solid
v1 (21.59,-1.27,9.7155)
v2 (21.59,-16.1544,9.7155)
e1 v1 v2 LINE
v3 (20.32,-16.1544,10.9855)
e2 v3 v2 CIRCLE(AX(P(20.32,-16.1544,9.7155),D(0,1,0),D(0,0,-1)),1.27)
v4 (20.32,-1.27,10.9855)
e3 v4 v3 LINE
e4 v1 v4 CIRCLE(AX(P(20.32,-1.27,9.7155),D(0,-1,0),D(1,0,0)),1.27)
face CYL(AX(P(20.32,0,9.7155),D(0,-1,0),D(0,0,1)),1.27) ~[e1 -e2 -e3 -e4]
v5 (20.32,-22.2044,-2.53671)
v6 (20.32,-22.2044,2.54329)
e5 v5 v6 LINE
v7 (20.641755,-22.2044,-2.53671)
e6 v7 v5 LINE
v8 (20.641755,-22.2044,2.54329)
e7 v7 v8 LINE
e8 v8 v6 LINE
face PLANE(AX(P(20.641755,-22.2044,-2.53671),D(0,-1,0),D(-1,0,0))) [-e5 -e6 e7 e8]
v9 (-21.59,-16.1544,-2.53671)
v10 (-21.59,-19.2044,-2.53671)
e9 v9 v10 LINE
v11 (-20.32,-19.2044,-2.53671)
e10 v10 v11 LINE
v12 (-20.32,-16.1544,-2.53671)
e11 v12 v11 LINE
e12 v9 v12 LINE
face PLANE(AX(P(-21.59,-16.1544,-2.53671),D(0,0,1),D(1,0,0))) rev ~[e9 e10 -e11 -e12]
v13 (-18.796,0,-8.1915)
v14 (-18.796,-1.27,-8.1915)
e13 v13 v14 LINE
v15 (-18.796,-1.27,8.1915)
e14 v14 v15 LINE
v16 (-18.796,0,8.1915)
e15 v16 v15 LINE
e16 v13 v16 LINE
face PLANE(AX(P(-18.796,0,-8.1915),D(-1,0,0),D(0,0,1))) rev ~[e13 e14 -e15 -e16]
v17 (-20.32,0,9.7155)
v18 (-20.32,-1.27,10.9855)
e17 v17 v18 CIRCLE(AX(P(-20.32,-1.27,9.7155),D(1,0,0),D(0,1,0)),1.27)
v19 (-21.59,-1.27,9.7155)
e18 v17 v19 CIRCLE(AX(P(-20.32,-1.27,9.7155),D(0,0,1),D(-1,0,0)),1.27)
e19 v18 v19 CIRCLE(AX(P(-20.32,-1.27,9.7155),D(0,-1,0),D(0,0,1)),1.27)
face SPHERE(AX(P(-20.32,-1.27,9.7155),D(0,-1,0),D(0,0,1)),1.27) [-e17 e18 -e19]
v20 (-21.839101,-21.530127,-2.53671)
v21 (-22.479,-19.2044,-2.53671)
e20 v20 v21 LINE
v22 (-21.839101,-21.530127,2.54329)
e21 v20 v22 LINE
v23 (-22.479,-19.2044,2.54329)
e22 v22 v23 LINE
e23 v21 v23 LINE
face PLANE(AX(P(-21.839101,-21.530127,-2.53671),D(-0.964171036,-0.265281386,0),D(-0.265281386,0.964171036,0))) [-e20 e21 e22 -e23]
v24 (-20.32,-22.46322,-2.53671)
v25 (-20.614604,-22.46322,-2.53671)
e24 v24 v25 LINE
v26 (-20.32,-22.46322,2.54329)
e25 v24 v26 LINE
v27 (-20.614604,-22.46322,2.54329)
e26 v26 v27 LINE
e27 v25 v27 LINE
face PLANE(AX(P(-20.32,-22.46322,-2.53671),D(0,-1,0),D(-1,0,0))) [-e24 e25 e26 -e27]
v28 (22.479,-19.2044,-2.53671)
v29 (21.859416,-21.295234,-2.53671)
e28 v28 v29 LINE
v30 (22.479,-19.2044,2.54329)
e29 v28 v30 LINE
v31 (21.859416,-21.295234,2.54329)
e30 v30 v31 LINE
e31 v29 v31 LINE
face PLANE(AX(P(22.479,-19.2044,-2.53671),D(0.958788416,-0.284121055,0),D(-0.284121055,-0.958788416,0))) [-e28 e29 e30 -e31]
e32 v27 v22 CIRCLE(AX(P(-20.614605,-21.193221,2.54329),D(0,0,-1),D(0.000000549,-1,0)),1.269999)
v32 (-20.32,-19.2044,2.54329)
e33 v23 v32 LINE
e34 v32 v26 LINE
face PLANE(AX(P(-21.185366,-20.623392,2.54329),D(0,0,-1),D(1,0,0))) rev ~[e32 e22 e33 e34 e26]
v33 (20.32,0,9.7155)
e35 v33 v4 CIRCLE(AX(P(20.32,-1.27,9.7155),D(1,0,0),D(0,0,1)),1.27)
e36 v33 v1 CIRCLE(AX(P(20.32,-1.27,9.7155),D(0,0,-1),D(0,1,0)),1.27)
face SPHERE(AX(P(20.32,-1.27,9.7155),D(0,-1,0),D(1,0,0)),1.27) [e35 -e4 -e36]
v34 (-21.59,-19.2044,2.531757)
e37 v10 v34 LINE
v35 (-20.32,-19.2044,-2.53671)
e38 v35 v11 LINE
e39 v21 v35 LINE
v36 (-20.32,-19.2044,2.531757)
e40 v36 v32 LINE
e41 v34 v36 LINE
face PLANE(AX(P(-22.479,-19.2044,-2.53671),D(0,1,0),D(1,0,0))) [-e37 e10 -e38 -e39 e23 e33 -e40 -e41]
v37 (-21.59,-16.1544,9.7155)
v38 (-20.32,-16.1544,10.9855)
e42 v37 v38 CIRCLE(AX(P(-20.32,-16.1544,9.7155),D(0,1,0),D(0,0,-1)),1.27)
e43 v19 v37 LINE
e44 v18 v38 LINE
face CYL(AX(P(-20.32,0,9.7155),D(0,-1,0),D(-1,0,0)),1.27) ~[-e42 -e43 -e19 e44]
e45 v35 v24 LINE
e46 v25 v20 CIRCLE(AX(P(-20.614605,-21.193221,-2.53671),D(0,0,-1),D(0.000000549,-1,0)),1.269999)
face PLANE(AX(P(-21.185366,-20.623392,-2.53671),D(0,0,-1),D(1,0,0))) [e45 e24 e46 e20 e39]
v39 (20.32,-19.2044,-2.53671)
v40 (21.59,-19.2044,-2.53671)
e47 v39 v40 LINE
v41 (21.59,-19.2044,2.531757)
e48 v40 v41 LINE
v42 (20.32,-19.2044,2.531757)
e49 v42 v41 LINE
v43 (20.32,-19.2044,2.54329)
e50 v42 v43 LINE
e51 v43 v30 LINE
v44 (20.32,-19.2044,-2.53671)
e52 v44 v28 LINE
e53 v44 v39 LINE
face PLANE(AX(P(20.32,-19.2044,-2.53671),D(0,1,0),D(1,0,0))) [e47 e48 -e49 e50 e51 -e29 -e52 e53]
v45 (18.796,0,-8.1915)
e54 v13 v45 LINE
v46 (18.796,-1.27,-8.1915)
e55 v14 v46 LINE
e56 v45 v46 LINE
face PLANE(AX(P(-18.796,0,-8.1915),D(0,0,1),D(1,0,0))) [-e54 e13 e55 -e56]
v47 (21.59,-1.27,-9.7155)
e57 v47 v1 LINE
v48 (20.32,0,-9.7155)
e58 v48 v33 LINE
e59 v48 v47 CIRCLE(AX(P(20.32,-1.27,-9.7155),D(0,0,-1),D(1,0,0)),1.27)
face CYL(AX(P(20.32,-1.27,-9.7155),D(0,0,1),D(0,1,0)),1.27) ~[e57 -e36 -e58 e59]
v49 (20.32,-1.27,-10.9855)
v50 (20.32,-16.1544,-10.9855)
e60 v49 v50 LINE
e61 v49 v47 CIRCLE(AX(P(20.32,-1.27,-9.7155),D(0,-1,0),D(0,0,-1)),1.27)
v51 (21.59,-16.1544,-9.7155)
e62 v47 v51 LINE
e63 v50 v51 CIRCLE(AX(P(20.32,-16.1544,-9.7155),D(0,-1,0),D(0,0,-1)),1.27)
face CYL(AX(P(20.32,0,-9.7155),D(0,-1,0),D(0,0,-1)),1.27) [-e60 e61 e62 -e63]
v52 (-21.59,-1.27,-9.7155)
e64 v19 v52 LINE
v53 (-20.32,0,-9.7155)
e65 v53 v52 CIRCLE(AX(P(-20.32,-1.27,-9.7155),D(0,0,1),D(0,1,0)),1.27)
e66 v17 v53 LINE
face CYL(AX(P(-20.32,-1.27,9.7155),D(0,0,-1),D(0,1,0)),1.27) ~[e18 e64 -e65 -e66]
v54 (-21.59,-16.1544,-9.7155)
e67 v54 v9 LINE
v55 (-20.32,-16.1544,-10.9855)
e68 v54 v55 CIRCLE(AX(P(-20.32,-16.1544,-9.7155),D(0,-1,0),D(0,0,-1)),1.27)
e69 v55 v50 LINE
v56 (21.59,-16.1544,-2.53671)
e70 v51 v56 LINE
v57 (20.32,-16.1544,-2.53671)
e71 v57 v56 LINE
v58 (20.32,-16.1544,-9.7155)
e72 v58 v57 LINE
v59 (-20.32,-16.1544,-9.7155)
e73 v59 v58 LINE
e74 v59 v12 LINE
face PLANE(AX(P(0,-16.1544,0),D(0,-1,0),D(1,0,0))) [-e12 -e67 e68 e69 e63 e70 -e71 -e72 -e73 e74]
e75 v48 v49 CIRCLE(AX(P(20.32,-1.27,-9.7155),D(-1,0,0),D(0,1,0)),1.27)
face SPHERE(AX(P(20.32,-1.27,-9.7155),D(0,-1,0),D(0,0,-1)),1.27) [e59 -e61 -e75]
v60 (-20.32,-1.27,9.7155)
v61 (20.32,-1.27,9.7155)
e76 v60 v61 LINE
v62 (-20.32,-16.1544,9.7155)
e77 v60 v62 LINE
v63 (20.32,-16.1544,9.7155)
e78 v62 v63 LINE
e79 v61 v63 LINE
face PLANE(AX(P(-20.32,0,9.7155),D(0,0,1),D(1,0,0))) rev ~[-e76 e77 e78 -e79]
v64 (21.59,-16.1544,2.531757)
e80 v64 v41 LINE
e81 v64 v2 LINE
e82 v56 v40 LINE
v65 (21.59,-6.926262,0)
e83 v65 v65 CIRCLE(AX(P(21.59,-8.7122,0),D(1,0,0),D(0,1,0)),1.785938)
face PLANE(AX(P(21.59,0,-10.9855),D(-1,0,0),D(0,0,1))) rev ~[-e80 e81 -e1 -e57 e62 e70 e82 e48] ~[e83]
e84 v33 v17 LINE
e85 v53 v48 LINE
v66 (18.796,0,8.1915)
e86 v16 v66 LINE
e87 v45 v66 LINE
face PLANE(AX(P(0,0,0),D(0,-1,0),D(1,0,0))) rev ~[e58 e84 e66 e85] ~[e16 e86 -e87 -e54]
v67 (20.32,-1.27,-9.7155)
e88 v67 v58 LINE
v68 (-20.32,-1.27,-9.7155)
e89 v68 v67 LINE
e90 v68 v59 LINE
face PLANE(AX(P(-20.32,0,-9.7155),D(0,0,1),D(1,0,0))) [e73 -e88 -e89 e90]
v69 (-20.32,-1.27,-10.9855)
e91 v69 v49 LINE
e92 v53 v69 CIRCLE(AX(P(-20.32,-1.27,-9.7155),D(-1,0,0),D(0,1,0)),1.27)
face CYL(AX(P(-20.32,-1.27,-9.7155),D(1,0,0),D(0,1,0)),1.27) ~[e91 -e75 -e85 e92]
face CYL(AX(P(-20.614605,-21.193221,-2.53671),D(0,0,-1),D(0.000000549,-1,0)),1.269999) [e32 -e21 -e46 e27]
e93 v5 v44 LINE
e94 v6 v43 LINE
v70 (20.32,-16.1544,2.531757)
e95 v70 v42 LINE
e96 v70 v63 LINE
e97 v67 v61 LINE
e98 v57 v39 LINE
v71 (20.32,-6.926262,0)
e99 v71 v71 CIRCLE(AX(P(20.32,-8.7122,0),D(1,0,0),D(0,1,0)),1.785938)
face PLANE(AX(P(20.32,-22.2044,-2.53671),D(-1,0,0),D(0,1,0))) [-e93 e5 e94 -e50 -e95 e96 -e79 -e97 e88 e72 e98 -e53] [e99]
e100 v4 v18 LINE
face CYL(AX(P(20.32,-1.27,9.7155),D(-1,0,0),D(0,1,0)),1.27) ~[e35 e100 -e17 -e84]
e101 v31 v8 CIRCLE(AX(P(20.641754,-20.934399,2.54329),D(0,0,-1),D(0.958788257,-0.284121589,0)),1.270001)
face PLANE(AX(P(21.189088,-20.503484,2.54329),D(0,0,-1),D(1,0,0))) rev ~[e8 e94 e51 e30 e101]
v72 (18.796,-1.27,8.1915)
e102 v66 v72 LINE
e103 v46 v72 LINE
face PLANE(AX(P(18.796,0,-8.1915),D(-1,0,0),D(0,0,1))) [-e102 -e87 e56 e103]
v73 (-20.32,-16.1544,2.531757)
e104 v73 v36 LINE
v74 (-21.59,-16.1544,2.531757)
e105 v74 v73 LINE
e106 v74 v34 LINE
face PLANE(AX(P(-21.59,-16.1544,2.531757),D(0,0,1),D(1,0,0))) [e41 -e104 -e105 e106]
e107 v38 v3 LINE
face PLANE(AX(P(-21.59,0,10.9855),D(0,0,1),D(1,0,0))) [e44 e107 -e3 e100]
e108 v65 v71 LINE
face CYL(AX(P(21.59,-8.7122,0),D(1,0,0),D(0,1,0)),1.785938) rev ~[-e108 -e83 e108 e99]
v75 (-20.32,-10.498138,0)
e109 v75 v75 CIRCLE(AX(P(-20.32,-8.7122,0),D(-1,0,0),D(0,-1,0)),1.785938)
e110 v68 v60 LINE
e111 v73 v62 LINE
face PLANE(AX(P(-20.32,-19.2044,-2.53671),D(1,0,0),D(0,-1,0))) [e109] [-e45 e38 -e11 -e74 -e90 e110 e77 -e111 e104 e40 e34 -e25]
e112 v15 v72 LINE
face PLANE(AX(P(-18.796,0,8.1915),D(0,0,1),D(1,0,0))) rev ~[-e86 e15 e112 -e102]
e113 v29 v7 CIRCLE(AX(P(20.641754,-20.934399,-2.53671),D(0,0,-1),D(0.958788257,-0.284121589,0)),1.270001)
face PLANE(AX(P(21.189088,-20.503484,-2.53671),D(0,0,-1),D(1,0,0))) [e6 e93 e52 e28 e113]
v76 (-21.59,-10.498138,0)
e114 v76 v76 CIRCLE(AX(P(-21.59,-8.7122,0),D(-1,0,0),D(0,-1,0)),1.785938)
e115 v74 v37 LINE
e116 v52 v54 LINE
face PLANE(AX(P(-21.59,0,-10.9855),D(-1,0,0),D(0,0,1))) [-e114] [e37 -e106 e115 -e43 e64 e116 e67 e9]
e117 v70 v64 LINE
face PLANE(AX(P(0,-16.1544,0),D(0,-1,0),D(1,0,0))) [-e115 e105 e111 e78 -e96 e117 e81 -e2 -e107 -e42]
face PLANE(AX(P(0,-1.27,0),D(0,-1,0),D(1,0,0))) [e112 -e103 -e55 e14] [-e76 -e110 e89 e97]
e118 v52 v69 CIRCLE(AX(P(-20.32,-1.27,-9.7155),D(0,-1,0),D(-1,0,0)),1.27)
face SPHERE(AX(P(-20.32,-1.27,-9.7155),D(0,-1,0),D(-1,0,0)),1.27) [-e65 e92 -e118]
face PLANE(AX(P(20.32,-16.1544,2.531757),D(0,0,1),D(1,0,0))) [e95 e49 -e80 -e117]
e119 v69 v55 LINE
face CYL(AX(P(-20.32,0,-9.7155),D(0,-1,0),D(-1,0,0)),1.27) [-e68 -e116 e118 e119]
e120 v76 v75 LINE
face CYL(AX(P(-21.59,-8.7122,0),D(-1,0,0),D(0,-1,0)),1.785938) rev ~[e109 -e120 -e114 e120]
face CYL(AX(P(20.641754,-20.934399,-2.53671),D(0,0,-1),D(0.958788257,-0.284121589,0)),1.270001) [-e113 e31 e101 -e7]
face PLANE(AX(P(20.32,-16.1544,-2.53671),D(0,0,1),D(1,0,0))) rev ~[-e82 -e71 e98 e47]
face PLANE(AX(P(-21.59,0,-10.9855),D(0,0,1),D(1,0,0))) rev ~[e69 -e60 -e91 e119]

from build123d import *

# Parameters (mm, degrees)
F0_W      = 43.18
F0_H      = 21.971
F0_W_2    = 40.64
F0_H_2    = 19.431
F1_DEPTH  = 16.1544
F0_W_3    = 37.592
F0_H_3    = 16.383
F2_DEPTH  = 1.27
F3_R      = 1.27
F4_R      = 1.27
F5_R      = 1.785938
F6_DEPTH  = 7.62
F7_R      = 1.785938
F8_DEPTH  = 7.62
F9_W      = 1.27
F9_H      = 5.068467
F10_DEPTH = 3.05
F12_DEPTH = 5.08
F14_DEPTH = 5.08


with BuildPart() as f1:
    # F0 (on Front) → F1 (new body)
    with BuildSketch(Plane.XZ):
        Rectangle(F0_W, F0_H)
        Rectangle(F0_W_2, F0_H_2, mode=Mode.SUBTRACT)
    extrude(amount=F1_DEPTH)

    # F0 (on Front) → F2 (join)
    with BuildSketch(Plane.XZ):
        Rectangle(F0_W_2, F0_H_2)
        Rectangle(F0_W_3, F0_H_3, mode=Mode.SUBTRACT)
    extrude(amount=F2_DEPTH)

    # F3
    f3_edges = [f1.edges().sort_by_distance(p)[0] for p in [
        (-21.59, -8.0772, 10.9855),
        (-21.59, -8.0772, -10.9855),
        (21.59, -8.0772, -10.9855),
        (21.59, -8.0772, 10.9855),
    ]]
    fillet(f3_edges, radius=F3_R)

    # F4
    f4_edges = [f1.edges().sort_by_distance(p)[0] for p in [
        (0, 0, -10.9855),
    ]]
    fillet(f4_edges, radius=F4_R)

    # F5 (on face) → F6 (cut)
    with BuildSketch(Plane.YZ.offset(21.59)):
        with Locations((-8.7122, 0)):
            Circle(F5_R)
    extrude(amount=-F6_DEPTH, mode=Mode.SUBTRACT)

    # F7 (on face) → F8 (cut)
    with BuildSketch(Plane(origin=(-21.59, 0, 0), x_dir=(0, -1, 0), z_dir=(-1, 0, 0))):
        with Locations((8.7122, 0)):
            Circle(F7_R)
    extrude(amount=-F8_DEPTH, mode=Mode.SUBTRACT)

    # F9 (on face) → F10 (join)
    with BuildSketch(Plane.XZ.offset(16.1544)):
        with Locations((-20.955, -0.002476)):
            Rectangle(F9_W, F9_H)
        with Locations((20.955, -0.002476)):
            Rectangle(F9_W, F9_H)
    extrude(amount=F10_DEPTH)

    # F11 (on face) → F12 (join)
    with BuildSketch(Plane(origin=(0, 0, -2.53671), x_dir=(1, 0, 0), z_dir=(0, 0, -1))):
        with BuildLine():
            Line((20.32, 22.2044), (20.32, 19.2044))
            Line((20.32, 19.2044), (21.59, 19.2044))
            Line((21.59, 19.2044), (22.479, 19.2044))
            Line((22.479, 19.2044), (21.859416, 21.295234))
            ThreePointArc((21.859416, 21.295234), (21.401571, 21.952034), (20.641755, 22.2044))
            Line((20.641755, 22.2044), (20.32, 22.2044))
        make_face()
    extrude(amount=-F12_DEPTH)

    # F13 (on face) → F14 (join)
    with BuildSketch(Plane(origin=(0, 0, -2.53671), x_dir=(1, 0, 0), z_dir=(0, 0, -1))):
        with BuildLine():
            Line((-21.59, 19.2044), (-20.32, 19.2044))
            Line((-20.32, 19.2044), (-20.32, 22.46322))
            Line((-20.32, 22.46322), (-20.614604, 22.46322))
            ThreePointArc((-20.614604, 22.46322), (-21.384353, 22.203362), (-21.839101, 21.530127))
            Line((-21.839101, 21.530127), (-22.479, 19.2044))
            Line((-22.479, 19.2044), (-21.59, 19.2044))
        make_face()
    extrude(amount=-F14_DEPTH)


solid = f1.part
